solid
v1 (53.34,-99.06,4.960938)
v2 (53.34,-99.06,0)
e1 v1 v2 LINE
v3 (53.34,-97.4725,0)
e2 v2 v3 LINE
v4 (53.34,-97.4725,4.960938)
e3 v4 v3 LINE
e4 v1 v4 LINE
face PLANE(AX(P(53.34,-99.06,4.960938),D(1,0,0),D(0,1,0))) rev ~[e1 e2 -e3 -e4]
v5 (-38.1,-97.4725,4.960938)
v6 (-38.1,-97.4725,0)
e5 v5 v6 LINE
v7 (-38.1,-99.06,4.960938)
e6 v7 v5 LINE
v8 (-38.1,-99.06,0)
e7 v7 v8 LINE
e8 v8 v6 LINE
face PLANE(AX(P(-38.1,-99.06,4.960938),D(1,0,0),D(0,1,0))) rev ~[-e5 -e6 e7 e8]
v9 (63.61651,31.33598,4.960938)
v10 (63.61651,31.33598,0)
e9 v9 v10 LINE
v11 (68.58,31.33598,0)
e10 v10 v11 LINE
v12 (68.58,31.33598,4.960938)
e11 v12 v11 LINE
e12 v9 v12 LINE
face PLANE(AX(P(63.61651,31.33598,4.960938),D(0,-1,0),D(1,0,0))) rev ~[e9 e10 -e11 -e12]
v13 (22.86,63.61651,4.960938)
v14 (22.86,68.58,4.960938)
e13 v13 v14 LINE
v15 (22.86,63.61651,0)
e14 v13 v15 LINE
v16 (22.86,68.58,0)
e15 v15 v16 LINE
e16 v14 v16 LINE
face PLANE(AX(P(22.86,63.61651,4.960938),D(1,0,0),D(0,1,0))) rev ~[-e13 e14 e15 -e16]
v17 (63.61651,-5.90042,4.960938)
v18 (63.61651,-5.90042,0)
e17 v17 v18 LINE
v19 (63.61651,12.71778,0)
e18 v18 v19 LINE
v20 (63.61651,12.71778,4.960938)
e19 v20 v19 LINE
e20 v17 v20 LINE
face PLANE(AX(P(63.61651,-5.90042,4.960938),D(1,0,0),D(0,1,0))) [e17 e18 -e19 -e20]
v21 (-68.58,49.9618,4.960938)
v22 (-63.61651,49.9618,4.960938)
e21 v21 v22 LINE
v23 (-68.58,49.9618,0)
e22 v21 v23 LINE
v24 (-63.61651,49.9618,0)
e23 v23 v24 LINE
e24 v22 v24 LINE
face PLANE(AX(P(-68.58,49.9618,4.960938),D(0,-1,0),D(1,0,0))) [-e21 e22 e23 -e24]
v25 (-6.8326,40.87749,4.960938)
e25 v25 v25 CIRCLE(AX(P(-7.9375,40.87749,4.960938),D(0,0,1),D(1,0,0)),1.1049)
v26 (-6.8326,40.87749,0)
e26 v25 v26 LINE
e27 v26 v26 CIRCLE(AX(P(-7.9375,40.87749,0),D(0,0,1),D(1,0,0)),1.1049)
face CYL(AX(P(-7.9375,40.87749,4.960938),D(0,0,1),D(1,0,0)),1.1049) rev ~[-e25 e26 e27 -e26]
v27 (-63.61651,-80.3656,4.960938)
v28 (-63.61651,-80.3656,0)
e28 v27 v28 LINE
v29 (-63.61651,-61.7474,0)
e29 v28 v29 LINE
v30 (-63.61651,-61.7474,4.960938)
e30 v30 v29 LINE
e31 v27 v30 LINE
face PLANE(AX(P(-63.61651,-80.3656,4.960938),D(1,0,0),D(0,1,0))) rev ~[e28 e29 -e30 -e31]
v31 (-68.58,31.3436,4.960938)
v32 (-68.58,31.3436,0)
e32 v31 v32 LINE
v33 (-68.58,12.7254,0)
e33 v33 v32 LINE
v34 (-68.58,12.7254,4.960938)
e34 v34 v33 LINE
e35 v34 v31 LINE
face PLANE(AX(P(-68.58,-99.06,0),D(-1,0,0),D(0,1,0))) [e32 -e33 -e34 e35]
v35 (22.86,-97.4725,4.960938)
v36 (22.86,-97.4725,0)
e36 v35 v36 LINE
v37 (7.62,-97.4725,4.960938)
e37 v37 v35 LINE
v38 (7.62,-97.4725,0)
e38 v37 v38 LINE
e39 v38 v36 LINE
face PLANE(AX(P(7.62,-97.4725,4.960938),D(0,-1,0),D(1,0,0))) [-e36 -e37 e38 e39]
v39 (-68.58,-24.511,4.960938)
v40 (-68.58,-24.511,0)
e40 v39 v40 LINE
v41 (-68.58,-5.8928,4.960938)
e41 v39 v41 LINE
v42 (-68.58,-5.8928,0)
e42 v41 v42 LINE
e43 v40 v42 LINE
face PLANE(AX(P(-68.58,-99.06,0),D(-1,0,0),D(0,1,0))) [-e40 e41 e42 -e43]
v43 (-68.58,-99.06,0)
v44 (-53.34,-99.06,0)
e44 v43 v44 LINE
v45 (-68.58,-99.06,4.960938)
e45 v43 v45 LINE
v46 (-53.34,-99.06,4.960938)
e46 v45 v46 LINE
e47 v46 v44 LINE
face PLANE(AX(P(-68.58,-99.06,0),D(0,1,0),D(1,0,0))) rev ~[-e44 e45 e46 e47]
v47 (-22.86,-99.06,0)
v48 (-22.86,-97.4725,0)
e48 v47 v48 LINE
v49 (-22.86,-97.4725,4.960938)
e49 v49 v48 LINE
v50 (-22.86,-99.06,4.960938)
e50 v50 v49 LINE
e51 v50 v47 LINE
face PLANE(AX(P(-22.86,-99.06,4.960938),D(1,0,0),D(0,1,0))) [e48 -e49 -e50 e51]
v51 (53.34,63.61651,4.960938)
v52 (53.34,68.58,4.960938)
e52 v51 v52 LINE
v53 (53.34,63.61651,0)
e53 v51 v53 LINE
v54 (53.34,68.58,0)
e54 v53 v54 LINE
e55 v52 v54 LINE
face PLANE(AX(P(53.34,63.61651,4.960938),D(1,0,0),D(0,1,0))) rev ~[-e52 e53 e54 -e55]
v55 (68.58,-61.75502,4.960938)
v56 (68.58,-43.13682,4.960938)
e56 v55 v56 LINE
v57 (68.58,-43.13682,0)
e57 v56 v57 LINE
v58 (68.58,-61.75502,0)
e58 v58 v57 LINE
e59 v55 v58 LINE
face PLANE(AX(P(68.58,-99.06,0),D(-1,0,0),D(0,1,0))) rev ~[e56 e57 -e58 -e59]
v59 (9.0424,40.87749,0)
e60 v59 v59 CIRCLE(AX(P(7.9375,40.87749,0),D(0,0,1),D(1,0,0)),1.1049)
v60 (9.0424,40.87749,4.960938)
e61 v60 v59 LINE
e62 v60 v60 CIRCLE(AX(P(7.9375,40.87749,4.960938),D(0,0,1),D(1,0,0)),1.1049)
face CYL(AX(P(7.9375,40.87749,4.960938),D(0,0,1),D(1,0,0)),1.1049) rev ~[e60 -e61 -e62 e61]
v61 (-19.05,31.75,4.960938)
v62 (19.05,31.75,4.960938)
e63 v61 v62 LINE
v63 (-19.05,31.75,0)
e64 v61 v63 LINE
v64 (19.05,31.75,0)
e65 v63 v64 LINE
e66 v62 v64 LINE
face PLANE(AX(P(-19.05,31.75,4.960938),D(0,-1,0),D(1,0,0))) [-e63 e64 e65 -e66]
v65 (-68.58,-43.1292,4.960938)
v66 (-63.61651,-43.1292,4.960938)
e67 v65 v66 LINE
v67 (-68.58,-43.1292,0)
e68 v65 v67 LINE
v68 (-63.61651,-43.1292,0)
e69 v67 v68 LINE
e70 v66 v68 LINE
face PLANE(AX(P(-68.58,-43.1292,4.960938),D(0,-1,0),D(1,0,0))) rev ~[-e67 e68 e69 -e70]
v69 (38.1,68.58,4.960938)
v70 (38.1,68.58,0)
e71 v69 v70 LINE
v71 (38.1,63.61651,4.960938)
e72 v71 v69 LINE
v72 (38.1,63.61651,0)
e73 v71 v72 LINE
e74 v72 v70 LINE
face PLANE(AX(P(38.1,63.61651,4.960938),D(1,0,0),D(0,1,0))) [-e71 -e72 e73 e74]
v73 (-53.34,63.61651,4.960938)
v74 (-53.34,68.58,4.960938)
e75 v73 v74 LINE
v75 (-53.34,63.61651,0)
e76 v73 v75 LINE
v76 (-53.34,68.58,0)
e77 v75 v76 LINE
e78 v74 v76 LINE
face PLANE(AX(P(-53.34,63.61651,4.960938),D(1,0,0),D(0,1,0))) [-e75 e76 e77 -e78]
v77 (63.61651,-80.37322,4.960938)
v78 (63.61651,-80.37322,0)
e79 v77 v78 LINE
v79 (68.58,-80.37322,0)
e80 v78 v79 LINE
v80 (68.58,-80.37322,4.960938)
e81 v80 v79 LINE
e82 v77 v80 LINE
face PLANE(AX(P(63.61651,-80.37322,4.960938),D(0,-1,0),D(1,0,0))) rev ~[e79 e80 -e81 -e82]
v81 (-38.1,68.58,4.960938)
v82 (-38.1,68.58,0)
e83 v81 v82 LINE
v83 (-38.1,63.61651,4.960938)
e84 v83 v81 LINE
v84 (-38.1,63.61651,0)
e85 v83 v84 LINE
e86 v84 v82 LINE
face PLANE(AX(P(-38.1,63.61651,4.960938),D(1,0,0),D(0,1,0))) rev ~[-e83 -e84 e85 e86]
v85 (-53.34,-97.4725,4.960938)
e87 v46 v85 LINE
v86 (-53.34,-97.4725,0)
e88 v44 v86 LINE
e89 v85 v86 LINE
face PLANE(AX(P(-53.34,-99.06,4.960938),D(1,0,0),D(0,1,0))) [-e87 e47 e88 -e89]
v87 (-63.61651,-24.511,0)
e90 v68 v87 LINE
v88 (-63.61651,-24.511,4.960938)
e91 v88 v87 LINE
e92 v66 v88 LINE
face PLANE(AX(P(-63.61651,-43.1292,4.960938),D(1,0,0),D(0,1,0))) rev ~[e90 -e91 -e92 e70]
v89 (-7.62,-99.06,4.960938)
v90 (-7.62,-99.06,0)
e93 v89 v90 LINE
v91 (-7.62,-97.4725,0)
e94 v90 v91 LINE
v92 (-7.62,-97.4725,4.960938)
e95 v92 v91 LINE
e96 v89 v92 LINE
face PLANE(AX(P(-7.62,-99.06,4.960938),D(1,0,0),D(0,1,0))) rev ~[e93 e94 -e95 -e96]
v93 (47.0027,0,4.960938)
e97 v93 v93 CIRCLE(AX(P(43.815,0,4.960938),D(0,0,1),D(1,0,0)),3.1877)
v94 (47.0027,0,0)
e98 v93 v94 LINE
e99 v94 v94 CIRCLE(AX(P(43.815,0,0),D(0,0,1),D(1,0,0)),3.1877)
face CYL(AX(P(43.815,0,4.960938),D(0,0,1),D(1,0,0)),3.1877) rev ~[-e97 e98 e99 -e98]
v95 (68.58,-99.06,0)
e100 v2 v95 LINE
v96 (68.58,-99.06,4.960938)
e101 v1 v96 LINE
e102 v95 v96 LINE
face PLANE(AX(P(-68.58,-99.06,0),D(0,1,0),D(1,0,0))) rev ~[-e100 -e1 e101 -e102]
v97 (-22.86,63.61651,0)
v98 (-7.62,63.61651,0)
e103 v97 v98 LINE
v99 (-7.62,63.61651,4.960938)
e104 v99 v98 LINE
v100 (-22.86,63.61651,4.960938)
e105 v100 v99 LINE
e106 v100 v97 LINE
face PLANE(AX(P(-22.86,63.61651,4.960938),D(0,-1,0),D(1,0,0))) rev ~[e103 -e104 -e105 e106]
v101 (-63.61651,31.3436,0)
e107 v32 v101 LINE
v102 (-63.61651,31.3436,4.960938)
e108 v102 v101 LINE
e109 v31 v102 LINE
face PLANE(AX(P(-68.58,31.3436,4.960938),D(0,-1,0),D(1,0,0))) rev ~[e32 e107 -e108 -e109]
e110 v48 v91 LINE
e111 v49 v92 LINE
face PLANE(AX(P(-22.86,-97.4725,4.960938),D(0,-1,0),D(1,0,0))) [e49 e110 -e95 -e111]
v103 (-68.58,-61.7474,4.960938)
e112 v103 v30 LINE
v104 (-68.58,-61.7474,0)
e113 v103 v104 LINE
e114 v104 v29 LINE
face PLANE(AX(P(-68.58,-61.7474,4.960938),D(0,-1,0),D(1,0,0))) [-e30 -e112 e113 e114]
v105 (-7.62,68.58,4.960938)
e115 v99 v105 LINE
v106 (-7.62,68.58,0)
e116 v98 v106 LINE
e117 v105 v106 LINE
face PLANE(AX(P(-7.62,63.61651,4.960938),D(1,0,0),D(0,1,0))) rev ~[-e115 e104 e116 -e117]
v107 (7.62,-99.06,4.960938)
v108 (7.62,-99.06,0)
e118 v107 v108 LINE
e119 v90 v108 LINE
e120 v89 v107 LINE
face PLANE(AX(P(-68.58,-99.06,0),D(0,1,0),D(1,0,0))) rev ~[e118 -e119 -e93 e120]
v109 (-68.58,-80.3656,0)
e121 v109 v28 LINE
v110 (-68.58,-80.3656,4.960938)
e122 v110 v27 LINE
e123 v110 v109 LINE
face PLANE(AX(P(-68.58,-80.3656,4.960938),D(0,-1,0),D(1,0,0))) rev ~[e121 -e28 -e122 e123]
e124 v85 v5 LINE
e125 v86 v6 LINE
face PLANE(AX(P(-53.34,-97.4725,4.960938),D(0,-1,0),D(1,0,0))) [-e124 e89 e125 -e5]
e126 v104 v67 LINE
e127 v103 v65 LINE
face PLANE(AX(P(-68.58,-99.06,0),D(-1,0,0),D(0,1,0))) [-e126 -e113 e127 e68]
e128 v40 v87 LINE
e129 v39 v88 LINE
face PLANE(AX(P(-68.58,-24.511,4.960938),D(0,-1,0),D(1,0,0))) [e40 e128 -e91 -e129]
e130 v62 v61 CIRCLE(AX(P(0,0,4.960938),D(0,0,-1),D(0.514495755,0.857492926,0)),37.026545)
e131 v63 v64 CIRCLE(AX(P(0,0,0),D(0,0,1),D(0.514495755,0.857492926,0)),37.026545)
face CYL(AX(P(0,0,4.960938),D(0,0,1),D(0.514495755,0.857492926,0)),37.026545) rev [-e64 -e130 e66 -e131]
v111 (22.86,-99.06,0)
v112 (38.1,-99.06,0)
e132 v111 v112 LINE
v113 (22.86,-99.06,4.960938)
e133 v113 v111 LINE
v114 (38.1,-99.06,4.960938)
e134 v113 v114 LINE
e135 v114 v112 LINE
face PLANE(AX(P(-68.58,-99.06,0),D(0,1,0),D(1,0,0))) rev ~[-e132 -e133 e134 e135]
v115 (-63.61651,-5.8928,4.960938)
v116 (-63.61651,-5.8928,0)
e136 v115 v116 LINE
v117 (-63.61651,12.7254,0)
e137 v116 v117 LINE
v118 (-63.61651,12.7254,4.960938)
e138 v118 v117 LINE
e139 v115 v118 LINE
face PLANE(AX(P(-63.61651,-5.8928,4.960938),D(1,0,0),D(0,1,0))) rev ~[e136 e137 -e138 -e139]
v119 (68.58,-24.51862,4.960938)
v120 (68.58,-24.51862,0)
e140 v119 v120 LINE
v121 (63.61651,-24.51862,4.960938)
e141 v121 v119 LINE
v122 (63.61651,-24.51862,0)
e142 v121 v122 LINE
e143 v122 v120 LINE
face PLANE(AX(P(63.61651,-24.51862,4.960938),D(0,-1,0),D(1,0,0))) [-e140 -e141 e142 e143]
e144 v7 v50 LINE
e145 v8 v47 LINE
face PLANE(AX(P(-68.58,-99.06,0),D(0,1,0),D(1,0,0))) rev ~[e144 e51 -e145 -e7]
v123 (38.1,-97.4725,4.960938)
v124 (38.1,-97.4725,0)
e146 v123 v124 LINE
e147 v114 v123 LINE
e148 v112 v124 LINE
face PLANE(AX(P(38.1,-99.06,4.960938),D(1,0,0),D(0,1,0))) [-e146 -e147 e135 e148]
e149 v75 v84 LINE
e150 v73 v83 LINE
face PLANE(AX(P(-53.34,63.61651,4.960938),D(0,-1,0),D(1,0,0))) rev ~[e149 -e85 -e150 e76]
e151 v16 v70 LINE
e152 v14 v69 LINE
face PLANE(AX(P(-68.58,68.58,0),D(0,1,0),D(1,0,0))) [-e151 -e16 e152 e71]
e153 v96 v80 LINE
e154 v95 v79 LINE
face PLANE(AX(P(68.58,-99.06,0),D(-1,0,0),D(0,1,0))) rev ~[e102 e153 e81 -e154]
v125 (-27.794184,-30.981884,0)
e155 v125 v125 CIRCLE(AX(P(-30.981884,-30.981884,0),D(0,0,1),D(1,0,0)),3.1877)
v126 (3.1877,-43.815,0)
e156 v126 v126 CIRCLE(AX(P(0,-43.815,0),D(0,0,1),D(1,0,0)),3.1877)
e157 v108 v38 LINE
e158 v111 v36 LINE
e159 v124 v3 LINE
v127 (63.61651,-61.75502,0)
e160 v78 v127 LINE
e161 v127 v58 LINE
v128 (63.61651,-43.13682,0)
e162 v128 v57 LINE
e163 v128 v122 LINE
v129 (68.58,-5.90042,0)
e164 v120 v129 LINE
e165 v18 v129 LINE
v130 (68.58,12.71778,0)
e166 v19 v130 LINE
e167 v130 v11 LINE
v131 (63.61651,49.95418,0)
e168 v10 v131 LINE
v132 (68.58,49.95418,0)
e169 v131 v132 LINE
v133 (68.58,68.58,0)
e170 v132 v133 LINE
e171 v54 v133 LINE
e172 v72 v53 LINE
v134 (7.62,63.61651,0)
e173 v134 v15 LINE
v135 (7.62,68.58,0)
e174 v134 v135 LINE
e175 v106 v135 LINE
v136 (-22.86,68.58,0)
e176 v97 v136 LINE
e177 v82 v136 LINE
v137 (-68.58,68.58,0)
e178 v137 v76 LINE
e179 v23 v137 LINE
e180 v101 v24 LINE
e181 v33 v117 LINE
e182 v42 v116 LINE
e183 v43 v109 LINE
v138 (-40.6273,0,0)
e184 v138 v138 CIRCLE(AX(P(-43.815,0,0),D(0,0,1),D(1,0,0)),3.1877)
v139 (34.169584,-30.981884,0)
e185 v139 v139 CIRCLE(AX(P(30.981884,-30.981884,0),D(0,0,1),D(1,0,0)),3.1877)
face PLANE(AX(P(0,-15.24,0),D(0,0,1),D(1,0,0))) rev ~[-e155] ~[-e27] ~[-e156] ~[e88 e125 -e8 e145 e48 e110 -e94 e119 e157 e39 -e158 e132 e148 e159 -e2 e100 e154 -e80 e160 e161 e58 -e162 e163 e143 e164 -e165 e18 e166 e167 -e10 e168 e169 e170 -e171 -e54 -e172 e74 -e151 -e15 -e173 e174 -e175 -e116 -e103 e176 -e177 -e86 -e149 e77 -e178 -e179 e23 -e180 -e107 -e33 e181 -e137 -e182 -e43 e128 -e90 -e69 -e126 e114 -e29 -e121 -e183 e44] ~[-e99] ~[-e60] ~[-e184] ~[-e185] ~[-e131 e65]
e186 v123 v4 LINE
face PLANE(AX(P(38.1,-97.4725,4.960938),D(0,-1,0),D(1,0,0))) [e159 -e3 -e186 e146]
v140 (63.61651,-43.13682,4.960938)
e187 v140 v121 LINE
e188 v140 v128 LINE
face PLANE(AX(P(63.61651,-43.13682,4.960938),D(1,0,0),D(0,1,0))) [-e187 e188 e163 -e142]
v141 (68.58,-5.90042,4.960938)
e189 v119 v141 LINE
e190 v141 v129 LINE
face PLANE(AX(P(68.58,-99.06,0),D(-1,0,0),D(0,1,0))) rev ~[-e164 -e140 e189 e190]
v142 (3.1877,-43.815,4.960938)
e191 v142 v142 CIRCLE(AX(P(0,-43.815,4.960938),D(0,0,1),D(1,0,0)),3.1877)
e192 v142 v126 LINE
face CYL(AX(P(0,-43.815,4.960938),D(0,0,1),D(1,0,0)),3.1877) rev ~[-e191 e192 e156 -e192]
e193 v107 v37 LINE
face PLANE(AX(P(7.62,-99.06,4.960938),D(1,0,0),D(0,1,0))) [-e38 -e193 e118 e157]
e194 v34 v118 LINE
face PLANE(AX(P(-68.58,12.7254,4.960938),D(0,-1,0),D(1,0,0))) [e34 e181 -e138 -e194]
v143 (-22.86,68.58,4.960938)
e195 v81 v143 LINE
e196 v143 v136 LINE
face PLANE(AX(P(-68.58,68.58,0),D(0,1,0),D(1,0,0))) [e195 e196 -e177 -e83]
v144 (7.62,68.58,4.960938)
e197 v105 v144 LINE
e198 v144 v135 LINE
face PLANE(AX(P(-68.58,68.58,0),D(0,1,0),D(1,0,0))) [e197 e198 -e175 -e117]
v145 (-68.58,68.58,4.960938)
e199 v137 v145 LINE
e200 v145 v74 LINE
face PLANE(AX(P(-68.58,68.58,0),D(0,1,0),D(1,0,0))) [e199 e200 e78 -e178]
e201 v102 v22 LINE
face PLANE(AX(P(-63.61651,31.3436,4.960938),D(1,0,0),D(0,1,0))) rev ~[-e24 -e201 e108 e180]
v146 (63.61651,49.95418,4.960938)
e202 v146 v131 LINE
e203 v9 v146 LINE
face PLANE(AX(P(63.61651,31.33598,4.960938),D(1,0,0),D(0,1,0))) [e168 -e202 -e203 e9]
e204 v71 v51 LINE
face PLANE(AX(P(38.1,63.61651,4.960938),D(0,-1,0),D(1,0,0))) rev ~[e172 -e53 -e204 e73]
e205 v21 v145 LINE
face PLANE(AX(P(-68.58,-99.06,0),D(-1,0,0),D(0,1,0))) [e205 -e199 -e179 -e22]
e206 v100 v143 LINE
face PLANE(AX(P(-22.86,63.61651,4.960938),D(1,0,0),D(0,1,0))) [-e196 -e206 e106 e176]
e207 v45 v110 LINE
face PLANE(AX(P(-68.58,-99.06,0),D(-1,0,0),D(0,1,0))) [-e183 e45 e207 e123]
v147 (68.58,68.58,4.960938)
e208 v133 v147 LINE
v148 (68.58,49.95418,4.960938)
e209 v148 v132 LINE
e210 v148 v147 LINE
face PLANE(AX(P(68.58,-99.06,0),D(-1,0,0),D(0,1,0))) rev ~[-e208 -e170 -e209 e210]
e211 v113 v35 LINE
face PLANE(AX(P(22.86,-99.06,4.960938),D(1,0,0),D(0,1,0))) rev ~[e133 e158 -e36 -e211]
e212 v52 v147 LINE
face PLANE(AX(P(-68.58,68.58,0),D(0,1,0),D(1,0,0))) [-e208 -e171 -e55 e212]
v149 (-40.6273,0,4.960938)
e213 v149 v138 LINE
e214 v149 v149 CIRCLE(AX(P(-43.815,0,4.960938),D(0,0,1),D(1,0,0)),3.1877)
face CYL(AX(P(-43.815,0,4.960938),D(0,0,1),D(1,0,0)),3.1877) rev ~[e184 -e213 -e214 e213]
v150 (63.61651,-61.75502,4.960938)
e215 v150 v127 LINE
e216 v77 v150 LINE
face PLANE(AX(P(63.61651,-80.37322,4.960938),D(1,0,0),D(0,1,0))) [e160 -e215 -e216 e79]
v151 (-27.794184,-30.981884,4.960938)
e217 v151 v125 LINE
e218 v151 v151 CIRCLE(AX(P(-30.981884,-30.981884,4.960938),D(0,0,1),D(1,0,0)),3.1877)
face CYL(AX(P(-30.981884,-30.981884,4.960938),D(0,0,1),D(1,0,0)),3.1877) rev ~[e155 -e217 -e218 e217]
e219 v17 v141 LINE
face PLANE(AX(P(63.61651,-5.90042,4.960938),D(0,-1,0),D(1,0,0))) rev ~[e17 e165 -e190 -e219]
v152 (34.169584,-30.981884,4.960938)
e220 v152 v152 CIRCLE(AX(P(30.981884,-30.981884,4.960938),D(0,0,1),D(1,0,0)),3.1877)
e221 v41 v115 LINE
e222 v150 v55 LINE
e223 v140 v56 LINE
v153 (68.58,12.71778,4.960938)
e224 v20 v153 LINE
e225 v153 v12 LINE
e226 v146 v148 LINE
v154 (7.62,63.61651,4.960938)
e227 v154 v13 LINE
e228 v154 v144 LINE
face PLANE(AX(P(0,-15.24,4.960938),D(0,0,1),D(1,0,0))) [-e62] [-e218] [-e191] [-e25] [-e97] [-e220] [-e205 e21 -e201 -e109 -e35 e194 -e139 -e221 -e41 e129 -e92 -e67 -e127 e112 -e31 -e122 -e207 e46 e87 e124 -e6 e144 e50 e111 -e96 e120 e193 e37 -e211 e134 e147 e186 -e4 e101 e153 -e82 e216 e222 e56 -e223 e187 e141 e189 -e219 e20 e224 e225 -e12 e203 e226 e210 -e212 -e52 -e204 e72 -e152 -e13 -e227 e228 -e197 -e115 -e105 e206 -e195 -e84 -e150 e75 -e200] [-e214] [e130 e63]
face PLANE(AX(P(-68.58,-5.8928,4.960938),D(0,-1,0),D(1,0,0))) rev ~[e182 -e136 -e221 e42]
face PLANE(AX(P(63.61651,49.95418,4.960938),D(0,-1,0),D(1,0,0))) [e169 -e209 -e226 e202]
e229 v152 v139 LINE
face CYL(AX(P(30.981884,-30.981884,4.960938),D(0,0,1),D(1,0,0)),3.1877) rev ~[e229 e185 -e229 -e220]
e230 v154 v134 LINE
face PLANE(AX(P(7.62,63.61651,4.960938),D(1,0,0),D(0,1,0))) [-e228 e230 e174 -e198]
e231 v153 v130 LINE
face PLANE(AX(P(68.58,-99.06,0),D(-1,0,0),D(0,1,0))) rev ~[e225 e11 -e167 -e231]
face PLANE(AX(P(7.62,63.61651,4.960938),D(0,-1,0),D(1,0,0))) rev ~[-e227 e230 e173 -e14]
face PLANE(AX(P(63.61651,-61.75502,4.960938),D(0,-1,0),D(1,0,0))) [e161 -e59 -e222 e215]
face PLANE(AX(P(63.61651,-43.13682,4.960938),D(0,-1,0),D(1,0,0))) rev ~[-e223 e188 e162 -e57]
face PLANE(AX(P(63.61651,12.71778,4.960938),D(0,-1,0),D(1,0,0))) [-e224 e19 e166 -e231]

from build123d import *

# Parameters (mm, degrees)
SKETCH1_W           = 137.16
SKETCH1_H           = 167.64
BOSS_EXTRUDE1_DEPTH = 4.9609375
CUT_EXTRUDE1_DEPTH  = 5.9609375
SKETCH4_R           = 3.1877
CUT_EXTRUDE2_DEPTH  = 5.9609375
SKETCH6_W           = 4.9634902
SKETCH6_H           = 18.6182
SKETCH6_W_2         = 15.24
SKETCH6_H_2         = 4.9634902
SKETCH6_H_3         = 1.5875
CUT_EXTRUDE5_DEPTH  = 5.9609375
SKETCH7_OUTSIDE_W   = 182.492
SKETCH7_OUTSIDE_H   = 212.972
SKETCH7_OUTSIDE_R   = 1.1049
CUT_EXTRUDE6_DEPTH  = 5.9609375


with BuildPart() as part:
    # Sketch1 → Boss-Extrude1 (new body)
    with BuildSketch(Plane.XY):
        with Locations((0, -15.24)):
            Rectangle(SKETCH1_W, SKETCH1_H)
    extrude(amount=BOSS_EXTRUDE1_DEPTH)

    # Sketch2 → Cut-Extrude1 (cut, through all)
    with BuildSketch(Plane.XY.offset(4.9609375)):
        with BuildLine():
            Line((-19.05, 31.75), (19.05, 31.75))
            ThreePointArc((19.05, 31.75), (0, -37.026544532), (-19.05, 31.75))
        make_face()
    extrude(amount=-CUT_EXTRUDE1_DEPTH, mode=Mode.SUBTRACT)

    # Sketch4 → Cut-Extrude2 (cut, through all)
    with BuildSketch(Plane.XY.offset(4.9609375)):
        with Locations((-43.815, 0)):
            Circle(SKETCH4_R)
        with Locations((-30.981883618, -30.981883618)):
            Circle(SKETCH4_R)
        with Locations((0, -43.815)):
            Circle(SKETCH4_R)
        with Locations((30.981883618, -30.981883618)):
            Circle(SKETCH4_R)
        with Locations((43.815, 0)):
            Circle(SKETCH4_R)
    extrude(amount=-CUT_EXTRUDE2_DEPTH, mode=Mode.SUBTRACT)

    # Sketch6 → Cut-Extrude5 (cut, through all)
    with BuildSketch(Plane.XY.offset(4.9609375)):
        with Locations((-66.0982549, 3.4163)):
            Rectangle(SKETCH6_W, SKETCH6_H)
        with Locations((-66.0982549, 40.6527)):
            Rectangle(SKETCH6_W, SKETCH6_H)
        with Locations((-66.0982549, -33.8201)):
            Rectangle(SKETCH6_W, SKETCH6_H)
        with Locations((-66.0982549, -71.0565)):
            Rectangle(SKETCH6_W, SKETCH6_H)
        with Locations((66.0982549, 3.40868)):
            Rectangle(SKETCH6_W, SKETCH6_H)
        with Locations((66.0982549, 40.64508)):
            Rectangle(SKETCH6_W, SKETCH6_H)
        with Locations((66.0982549, -33.82772)):
            Rectangle(SKETCH6_W, SKETCH6_H)
        with Locations((66.0982549, -71.06412)):
            Rectangle(SKETCH6_W, SKETCH6_H)
        with Locations((-15.24, 66.0982549)):
            Rectangle(SKETCH6_W_2, SKETCH6_H_2)
        with Locations((-45.72, 66.0982549)):
            Rectangle(SKETCH6_W_2, SKETCH6_H_2)
        with Locations((15.24, 66.0982549)):
            Rectangle(SKETCH6_W_2, SKETCH6_H_2)
        with Locations((45.72, 66.0982549)):
            Rectangle(SKETCH6_W_2, SKETCH6_H_2)
        with Locations((-15.24, -98.26625)):
            Rectangle(SKETCH6_W_2, SKETCH6_H_3)
        with Locations((-45.72, -98.26625)):
            Rectangle(SKETCH6_W_2, SKETCH6_H_3)
        with Locations((15.24, -98.26625)):
            Rectangle(SKETCH6_W_2, SKETCH6_H_3)
        with Locations((45.72, -98.26625)):
            Rectangle(SKETCH6_W_2, SKETCH6_H_3)
    extrude(amount=-CUT_EXTRUDE5_DEPTH, mode=Mode.SUBTRACT)

    # Sketch7 outside → Cut-Extrude6 (cut, through all)
    with BuildSketch(Plane.XY.offset(4.9609375)):
        with Locations((0, -15.24)):
            Rectangle(SKETCH7_OUTSIDE_W, SKETCH7_OUTSIDE_H)
        Polygon((-63.6165098, 49.9618), (-63.6165098, 31.3436), (-68.58, 31.3436), (-68.58, 12.7254), (-63.6165098, 12.7254), (-63.6165098, -5.8928), (-68.58, -5.8928), (-68.58, -24.511), (-63.6165098, -24.511), (-63.6165098, -43.1292), (-68.58, -43.1292), (-68.58, -61.7474), (-63.6165098, -61.7474), (-63.6165098, -80.3656), (-68.58, -80.3656), (-68.58, -99.06), (-53.34, -99.06), (-53.34, -97.4725), (-38.1, -97.4725), (-38.1, -99.06), (-22.86, -99.06), (-22.86, -97.4725), (-7.62, -97.4725), (-7.62, -99.06), (7.62, -99.06), (7.62, -97.4725), (22.86, -97.4725), (22.86, -99.06), (38.1, -99.06), (38.1, -97.4725), (53.34, -97.4725), (53.34, -99.06), (68.58, -99.06), (68.58, -80.37322), (63.6165098, -80.37322), (63.6165098, -61.75502), (68.58, -61.75502), (68.58, -43.13682), (63.6165098, -43.13682), (63.6165098, -24.51862), (68.58, -24.51862), (68.58, -5.90042), (63.6165098, -5.90042), (63.6165098, 12.71778), (68.58, 12.71778), (68.58, 31.33598), (63.6165098, 31.33598), (63.6165098, 49.95418), (68.58, 49.95418), (68.58, 68.58), (53.34, 68.58), (53.34, 63.6165098), (38.1, 63.6165098), (38.1, 68.58), (22.86, 68.58), (22.86, 63.6165098), (7.62, 63.6165098), (7.62, 68.58), (-7.62, 68.58), (-7.62, 63.6165098), (-22.86, 63.6165098), (-22.86, 68.58), (-38.1, 68.58), (-38.1, 63.6165098), (-53.34, 63.6165098), (-53.34, 68.58), (-68.58, 68.58), (-68.58, 49.9618), align=None, mode=Mode.SUBTRACT)
        with Locations((-7.9375, 40.87749)):
            Circle(SKETCH7_OUTSIDE_R)
        with Locations((7.9375, 40.87749)):
            Circle(SKETCH7_OUTSIDE_R)
    extrude(amount=-CUT_EXTRUDE6_DEPTH, mode=Mode.SUBTRACT)


solid = part.part
